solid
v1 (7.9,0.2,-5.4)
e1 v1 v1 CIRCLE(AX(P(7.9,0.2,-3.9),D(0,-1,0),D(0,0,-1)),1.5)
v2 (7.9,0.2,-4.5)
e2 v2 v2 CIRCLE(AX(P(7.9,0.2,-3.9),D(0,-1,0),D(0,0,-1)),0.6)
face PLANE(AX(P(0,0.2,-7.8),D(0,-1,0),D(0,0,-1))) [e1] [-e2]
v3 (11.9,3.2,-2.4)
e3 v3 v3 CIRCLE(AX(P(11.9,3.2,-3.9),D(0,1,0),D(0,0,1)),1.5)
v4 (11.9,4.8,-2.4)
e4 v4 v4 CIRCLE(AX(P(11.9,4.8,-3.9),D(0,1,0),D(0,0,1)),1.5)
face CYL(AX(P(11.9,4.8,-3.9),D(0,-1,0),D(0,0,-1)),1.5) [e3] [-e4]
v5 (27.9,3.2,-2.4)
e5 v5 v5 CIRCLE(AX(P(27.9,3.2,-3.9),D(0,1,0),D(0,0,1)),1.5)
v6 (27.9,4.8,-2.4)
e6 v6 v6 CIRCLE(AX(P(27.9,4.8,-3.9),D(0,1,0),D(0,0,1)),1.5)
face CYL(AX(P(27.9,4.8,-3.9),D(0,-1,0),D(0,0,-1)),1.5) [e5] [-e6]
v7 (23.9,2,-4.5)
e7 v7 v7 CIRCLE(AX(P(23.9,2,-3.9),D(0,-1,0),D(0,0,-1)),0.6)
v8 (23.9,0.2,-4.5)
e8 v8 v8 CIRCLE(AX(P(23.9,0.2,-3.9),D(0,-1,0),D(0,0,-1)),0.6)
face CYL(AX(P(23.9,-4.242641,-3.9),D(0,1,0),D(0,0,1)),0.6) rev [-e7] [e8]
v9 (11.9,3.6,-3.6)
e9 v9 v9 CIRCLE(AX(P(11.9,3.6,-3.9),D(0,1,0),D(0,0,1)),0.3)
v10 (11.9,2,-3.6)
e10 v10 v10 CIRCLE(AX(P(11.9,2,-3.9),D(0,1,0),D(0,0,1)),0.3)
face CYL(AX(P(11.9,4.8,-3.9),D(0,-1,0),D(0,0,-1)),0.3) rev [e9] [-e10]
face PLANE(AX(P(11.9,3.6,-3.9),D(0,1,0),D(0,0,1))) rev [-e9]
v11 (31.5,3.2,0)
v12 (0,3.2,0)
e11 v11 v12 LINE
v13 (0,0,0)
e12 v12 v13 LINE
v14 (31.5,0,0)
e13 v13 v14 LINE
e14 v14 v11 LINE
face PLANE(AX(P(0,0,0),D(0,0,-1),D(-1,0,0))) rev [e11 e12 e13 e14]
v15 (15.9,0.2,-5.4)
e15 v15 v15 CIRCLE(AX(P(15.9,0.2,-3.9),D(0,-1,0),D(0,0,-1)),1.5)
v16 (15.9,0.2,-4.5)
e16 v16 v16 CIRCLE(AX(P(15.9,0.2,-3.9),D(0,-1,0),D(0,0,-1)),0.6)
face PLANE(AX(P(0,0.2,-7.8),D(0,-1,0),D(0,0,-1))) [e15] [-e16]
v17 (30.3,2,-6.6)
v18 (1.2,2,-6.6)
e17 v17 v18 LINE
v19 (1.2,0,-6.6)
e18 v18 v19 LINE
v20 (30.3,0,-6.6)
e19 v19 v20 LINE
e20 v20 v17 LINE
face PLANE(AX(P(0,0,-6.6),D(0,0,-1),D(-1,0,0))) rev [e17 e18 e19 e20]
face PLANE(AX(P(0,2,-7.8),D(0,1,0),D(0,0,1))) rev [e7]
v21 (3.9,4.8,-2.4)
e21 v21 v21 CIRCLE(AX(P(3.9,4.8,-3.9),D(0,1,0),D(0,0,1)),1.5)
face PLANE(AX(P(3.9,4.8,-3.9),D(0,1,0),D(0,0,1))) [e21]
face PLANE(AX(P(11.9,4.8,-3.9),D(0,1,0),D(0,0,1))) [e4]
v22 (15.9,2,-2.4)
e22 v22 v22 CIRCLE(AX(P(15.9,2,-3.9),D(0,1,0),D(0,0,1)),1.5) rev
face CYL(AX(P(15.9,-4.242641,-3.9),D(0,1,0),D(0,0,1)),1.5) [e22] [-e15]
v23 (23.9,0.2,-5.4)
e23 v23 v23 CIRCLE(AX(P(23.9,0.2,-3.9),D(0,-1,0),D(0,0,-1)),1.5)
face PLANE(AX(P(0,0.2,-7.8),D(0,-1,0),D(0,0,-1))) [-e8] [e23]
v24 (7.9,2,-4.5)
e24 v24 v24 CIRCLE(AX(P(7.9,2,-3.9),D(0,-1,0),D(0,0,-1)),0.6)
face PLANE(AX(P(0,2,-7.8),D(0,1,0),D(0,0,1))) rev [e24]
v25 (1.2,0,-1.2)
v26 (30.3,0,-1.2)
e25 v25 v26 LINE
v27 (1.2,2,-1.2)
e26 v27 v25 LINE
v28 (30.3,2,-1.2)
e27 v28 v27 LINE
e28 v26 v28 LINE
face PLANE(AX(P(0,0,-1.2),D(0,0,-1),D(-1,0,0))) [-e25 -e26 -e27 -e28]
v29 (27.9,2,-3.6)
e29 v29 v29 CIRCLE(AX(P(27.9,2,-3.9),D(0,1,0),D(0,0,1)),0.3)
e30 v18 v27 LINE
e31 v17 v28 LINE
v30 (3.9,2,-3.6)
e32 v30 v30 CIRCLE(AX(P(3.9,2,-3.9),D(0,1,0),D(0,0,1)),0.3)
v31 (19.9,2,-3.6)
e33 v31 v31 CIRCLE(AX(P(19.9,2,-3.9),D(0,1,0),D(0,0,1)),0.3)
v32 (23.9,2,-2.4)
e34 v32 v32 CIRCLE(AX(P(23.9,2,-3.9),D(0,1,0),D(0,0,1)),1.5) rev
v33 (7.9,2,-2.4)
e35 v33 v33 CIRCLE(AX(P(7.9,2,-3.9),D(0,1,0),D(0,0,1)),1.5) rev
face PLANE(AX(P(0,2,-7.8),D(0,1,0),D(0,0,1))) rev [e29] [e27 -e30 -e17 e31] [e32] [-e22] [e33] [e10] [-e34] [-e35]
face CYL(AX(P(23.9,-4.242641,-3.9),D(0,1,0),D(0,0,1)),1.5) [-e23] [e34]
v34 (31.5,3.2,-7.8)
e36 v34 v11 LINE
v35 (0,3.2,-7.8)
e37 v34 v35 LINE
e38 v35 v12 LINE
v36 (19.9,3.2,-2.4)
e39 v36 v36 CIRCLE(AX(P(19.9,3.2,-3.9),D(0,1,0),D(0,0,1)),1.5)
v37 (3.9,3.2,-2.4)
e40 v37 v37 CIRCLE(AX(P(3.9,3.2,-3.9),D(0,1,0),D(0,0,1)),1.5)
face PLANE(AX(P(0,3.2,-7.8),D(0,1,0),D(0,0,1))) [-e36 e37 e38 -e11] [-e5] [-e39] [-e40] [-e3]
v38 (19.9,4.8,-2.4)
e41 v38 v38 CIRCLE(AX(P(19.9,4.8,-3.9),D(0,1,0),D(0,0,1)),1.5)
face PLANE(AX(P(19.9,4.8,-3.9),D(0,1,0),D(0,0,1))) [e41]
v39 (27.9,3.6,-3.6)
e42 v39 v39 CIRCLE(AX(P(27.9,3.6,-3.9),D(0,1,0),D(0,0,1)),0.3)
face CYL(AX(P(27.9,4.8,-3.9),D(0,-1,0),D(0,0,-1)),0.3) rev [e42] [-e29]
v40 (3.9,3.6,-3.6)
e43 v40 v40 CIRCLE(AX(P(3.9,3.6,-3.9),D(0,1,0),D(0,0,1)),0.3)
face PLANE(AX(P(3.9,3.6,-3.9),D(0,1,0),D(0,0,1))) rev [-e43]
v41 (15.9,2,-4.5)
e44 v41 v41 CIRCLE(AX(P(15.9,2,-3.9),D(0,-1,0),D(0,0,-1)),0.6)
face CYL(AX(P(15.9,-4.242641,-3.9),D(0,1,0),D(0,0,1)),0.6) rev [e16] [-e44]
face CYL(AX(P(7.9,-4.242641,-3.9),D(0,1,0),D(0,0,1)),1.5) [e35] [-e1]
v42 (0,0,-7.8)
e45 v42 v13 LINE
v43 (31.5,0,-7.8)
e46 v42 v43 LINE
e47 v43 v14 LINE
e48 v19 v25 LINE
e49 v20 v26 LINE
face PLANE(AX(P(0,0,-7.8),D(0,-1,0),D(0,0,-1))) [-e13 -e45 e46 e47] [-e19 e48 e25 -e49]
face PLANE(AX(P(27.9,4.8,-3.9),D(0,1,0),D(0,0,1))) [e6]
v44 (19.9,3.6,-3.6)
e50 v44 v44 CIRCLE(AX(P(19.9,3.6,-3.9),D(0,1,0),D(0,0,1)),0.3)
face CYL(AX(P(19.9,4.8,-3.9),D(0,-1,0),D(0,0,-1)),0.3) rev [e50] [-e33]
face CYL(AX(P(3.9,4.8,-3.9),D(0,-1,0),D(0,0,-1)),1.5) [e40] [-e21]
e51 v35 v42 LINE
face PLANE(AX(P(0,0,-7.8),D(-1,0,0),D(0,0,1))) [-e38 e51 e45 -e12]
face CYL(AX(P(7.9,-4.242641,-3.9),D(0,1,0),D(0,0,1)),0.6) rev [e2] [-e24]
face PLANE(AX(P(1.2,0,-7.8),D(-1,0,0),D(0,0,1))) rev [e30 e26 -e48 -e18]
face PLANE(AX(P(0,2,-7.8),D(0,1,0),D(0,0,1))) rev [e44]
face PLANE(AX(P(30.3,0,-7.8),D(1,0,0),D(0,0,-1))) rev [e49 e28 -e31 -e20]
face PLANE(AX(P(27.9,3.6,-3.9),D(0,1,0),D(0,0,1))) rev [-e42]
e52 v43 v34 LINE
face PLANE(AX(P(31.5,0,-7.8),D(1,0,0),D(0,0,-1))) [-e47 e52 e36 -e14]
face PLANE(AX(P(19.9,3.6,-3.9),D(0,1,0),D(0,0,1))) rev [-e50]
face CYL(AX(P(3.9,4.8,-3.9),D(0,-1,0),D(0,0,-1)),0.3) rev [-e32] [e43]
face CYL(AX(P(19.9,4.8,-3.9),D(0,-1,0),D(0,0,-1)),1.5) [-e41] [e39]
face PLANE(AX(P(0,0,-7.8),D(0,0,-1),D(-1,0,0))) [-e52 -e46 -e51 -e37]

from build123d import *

# Parameters (mm, degrees)
SKETCH1_W            = 31.5
SKETCH1_H            = 3.2
BOSS_EXTRUDE1_DEPTH  = 7.8
SKETCH2_R            = 1.5
BOSS_EXTRUDE2_DEPTH  = 1.6
LPATTERN1_COUNT      = 2
LPATTERN1_PITCH      = 8
LPATTERN1_COUNT_DIR2 = 4
LPATTERN1_PITCH_DIR2 = 8
SHELL1_T             = -1.2
SKETCH3_R            = 1.5
SKETCH3_R_2          = 0.6
BOSS_EXTRUDE3_DEPTH  = 1.8
LPATTERN2_COUNT      = 3
LPATTERN2_PITCH      = 8


with BuildPart() as part:
    # Sketch1 → Boss-Extrude1 (new body)
    with BuildSketch(Plane.XY):
        with Locations((15.75, 1.6)):
            Rectangle(SKETCH1_W, SKETCH1_H)
    extrude(amount=-BOSS_EXTRUDE1_DEPTH)

    # Sketch2 → Boss-Extrude2 (add)
    with BuildSketch(Plane(origin=(0, 3.2, 0), x_dir=(1, 0, 0), z_dir=(0, 1, 0))):
        with Locations(Location((3.9, 3.9, 0), (0, 0, 270))):
            Circle(SKETCH2_R)
    boss_extrude2 = extrude(amount=BOSS_EXTRUDE2_DEPTH)

    # LPattern1: Boss-Extrude2 2 × 4, 4 skipped
    with Locations(*[(j * LPATTERN1_PITCH_DIR2, 0, i * LPATTERN1_PITCH) for i in range(LPATTERN1_COUNT) for j in range(LPATTERN1_COUNT_DIR2) if (i, j) not in ((0, 0), (1, 0), (1, 1), (1, 2), (1, 3))]):
        add(boss_extrude2)

    # Shell1
    shell1_openings = [part.faces().sort_by_distance(p)[0] for p in [
        (15.75, 0, -3.9),
    ]]
    offset(amount=SHELL1_T, openings=shell1_openings, kind=Kind.INTERSECTION)

    # Sketch3 → Boss-Extrude3 (add)
    with BuildSketch(Plane.XZ.offset(-2)):
        with Locations(Location((7.9, -3.9, 0), (0, 0, 90))):
            Circle(SKETCH3_R)
        with Locations(Location((7.9, -3.9, 0), (0, 0, 270))):
            Circle(SKETCH3_R_2, mode=Mode.SUBTRACT)
    boss_extrude3 = extrude(amount=BOSS_EXTRUDE3_DEPTH)

    # LPattern2: Boss-Extrude3 ×3
    with Locations(*[(i * LPATTERN2_PITCH, 0, 0) for i in range(1, LPATTERN2_COUNT)]):
        add(boss_extrude3)


solid = part.part
